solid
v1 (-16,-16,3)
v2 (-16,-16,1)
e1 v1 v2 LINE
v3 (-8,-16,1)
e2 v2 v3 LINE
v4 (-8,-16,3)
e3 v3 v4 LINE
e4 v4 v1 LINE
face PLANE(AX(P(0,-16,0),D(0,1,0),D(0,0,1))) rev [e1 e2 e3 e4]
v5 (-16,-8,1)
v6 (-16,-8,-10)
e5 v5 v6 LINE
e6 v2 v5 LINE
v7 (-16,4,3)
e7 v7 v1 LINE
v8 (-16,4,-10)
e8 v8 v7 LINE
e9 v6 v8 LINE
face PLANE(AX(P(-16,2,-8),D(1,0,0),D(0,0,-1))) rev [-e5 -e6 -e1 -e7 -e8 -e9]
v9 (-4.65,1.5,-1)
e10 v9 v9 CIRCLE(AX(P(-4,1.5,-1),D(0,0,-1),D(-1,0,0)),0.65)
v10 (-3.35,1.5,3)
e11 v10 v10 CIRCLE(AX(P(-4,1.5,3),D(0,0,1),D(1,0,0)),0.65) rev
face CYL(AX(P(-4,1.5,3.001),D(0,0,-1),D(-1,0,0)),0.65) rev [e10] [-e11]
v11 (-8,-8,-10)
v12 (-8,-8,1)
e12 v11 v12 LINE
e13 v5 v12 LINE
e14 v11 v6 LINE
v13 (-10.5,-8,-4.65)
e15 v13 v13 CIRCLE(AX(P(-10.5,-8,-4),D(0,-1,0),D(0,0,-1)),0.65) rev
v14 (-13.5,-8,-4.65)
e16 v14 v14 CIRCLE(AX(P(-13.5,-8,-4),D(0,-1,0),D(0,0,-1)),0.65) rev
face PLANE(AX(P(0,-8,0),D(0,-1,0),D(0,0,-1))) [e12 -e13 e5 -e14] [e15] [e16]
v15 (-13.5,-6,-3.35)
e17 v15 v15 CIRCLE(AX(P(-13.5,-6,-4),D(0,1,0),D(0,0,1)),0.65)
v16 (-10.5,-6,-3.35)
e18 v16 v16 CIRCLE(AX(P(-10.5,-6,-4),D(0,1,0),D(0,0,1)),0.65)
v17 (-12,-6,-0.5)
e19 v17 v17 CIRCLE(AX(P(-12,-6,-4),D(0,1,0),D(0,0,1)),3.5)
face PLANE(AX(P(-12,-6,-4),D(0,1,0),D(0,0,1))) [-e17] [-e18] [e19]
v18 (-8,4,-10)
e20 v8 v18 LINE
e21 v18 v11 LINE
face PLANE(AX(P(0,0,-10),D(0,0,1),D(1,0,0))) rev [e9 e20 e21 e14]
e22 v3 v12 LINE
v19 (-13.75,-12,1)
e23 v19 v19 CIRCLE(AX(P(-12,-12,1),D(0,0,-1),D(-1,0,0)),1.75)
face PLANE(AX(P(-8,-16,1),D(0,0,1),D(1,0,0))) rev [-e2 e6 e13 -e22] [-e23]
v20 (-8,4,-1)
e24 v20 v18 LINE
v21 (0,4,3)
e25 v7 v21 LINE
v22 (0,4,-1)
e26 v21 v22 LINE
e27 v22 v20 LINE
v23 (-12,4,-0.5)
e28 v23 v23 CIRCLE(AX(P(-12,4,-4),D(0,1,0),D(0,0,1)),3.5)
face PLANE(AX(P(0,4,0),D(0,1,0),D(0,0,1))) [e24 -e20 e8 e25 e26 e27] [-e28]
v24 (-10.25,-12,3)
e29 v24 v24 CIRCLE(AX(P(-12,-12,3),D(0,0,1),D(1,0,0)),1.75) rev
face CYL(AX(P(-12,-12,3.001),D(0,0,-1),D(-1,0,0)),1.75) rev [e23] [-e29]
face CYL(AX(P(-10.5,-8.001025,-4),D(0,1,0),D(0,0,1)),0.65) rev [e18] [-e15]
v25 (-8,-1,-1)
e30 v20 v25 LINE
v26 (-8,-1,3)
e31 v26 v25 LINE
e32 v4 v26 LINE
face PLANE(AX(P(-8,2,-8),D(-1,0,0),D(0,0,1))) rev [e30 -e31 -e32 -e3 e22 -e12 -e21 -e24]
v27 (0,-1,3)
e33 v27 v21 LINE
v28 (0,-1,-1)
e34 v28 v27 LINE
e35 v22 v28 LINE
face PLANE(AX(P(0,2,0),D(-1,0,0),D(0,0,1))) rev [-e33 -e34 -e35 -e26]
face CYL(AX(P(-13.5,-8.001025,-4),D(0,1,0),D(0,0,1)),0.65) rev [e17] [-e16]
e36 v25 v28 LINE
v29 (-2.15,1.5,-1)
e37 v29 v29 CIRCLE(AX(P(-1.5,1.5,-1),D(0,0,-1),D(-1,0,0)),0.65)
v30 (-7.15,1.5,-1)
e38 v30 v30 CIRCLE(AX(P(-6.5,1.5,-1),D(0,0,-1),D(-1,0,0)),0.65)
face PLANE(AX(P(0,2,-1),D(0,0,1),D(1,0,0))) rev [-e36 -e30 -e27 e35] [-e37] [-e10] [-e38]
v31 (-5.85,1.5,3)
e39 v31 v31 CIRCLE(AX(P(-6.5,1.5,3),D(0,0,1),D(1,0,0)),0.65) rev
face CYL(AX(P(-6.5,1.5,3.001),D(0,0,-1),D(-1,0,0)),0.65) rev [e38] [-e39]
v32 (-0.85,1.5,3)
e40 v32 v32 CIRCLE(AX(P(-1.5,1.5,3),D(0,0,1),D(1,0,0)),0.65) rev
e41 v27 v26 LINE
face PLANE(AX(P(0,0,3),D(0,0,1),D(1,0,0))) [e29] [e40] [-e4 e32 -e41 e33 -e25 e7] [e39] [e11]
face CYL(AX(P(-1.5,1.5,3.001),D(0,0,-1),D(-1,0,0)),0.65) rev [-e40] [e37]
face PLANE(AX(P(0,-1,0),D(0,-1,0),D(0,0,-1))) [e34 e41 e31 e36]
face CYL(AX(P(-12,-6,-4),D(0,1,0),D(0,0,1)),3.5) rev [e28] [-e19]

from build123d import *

# Parameters (mm, degrees)
BOSS_EXTRUDE1_DEPTH  = 2
SKETCH2_W            = 8
SKETCH2_H            = 8
BOSS_EXTRUDE2_DEPTH  = 2
SKETCH3_W            = 8
SKETCH3_H            = 8
BOSS_EXTRUDE3_DEPTH  = 8
SKETCH4_R            = 3.5
CUT_EXTRUDE1_DEPTH   = 10
CUT_EXTRUDE2_REACH   = 4
SKETCH5_R            = 0.65
CUT_EXTRUDE3_REACH   = 3
SKETCH6_R            = 0.65
SKETCH10_R           = 0.65
BOSS_EXTRUDE6_DEPTH  = 3
SKETCH11_W           = 8
SKETCH11_H           = 2
BOSS_EXTRUDE7_DEPTH  = 8
SKETCH12_R           = 1
CUT_EXTRUDE5_DEPTH   = 8
SKETCH13_W           = 8
SKETCH13_H           = 12
BOSS_EXTRUDE8_DEPTH  = 2
SKETCH14_W           = 8
SKETCH14_H           = 4
BOSS_EXTRUDE9_DEPTH  = 1
BOSS_EXTRUDE10_DEPTH = 2
SKETCH18_R           = 0.65
BOSS_EXTRUDE11_DEPTH = 4
CUT_EXTRUDE6_REACH   = 6
SKETCH19_R           = 0.65
CUT_EXTRUDE7_REACH   = 4
SKETCH20_R           = 1.75


with BuildPart() as part:
    # Sketch1 → Boss-Extrude1 (new body)
    with BuildSketch(Plane(origin=(0, 0, 0), x_dir=(1, 0, 0), z_dir=(0, 1, 0))):
        Polygon((-16, 0), (0, 0), (0, 1), (-8, 1), (-8, 8), (-16, 8), align=None)
    extrude(amount=BOSS_EXTRUDE1_DEPTH)

    # Sketch2 → Boss-Extrude2 (add)
    with BuildSketch(Plane(origin=(0, 2, 0), x_dir=(1, 0, 0), z_dir=(0, 1, 0))):
        with Locations((-12, 4)):
            Rectangle(SKETCH2_W, SKETCH2_H)
    extrude(amount=BOSS_EXTRUDE2_DEPTH)

    # Sketch3 → Boss-Extrude3 (add)
    with BuildSketch(Plane.XZ):
        with Locations((-12, -4)):
            Rectangle(SKETCH3_W, SKETCH3_H)
    extrude(amount=BOSS_EXTRUDE3_DEPTH)

    # Sketch4 → Cut-Extrude1 (cut)
    with BuildSketch(Plane(origin=(0, 4, 0), x_dir=(1, 0, 0), z_dir=(0, 1, 0))):
        with Locations((-12, 4)):
            Circle(SKETCH4_R)
    extrude(amount=-CUT_EXTRUDE1_DEPTH, mode=Mode.SUBTRACT)

    # Sketch5 → Cut-Extrude2 (cut, up to next)
    with BuildSketch(Plane(origin=(0, -6, 0), x_dir=(1, 0, 0), z_dir=(0, 1, 0)), mode=Mode.PRIVATE) as cut_extrude2_sk1:
        with Locations((-13.5, 4)):
            Circle(SKETCH5_R)
    cut_extrude2_tool1 = extrude(cut_extrude2_sk1.sketch, amount=-CUT_EXTRUDE2_REACH, mode=Mode.PRIVATE) & part.part
    add(cut_extrude2_tool1.solids().sort_by_distance((-13.5, -6, -4))[0], mode=Mode.SUBTRACT)
    # Sketch5 → Cut-Extrude2 (cut, up to next)
    with BuildSketch(Plane(origin=(0, -6, 0), x_dir=(1, 0, 0), z_dir=(0, 1, 0)), mode=Mode.PRIVATE) as cut_extrude2_sk2:
        with Locations((-10.5, 4)):
            Circle(SKETCH5_R)
    cut_extrude2_tool2 = extrude(cut_extrude2_sk2.sketch, amount=-CUT_EXTRUDE2_REACH, mode=Mode.PRIVATE) & part.part
    add(cut_extrude2_tool2.solids().sort_by_distance((-10.5, -6, -4))[0], mode=Mode.SUBTRACT)

    # Sketch6 → Cut-Extrude3 (cut, up to next)
    with BuildSketch(Plane(origin=(0, 0, -1), x_dir=(-1, 0, 0), z_dir=(0, 0, -1)), mode=Mode.PRIVATE) as cut_extrude3_sk1:
        with Locations((6.5, 1)):
            Circle(SKETCH6_R)
    cut_extrude3_tool1 = extrude(cut_extrude3_sk1.sketch, amount=-CUT_EXTRUDE3_REACH, mode=Mode.PRIVATE) & part.part
    add(cut_extrude3_tool1.solids().sort_by_distance((-6.5, 1, -1))[0], mode=Mode.SUBTRACT)
    # Sketch6 → Cut-Extrude3 (cut, up to next)
    with BuildSketch(Plane(origin=(0, 0, -1), x_dir=(-1, 0, 0), z_dir=(0, 0, -1)), mode=Mode.PRIVATE) as cut_extrude3_sk2:
        with Locations((4, 1)):
            Circle(SKETCH6_R)
    cut_extrude3_tool2 = extrude(cut_extrude3_sk2.sketch, amount=-CUT_EXTRUDE3_REACH, mode=Mode.PRIVATE) & part.part
    add(cut_extrude3_tool2.solids().sort_by_distance((-4, 1, -1))[0], mode=Mode.SUBTRACT)
    # Sketch6 → Cut-Extrude3 (cut, up to next)
    with BuildSketch(Plane(origin=(0, 0, -1), x_dir=(-1, 0, 0), z_dir=(0, 0, -1)), mode=Mode.PRIVATE) as cut_extrude3_sk3:
        with Locations((1.5, 1)):
            Circle(SKETCH6_R)
    cut_extrude3_tool3 = extrude(cut_extrude3_sk3.sketch, amount=-CUT_EXTRUDE3_REACH, mode=Mode.PRIVATE) & part.part
    add(cut_extrude3_tool3.solids().sort_by_distance((-1.5, 1, -1))[0], mode=Mode.SUBTRACT)

    # Sketch10 → Boss-Extrude6 (add)
    with BuildSketch(Plane.XY):
        Polygon((-8, 2), (-16, 2), (-16, -8), (-8, -8), (-8, 0), (0, 0), (0, 2), align=None)
        with Locations((-1.5, 1)):
            Circle(SKETCH10_R, mode=Mode.SUBTRACT)
        with Locations((-4, 1)):
            Circle(SKETCH10_R, mode=Mode.SUBTRACT)
        with Locations((-6.5, 1)):
            Circle(SKETCH10_R, mode=Mode.SUBTRACT)
    extrude(amount=BOSS_EXTRUDE6_DEPTH)

    # Sketch11 → Boss-Extrude7 (add)
    with BuildSketch(Plane.XZ.offset(8)):
        with Locations((-12, 2)):
            Rectangle(SKETCH11_W, SKETCH11_H)
    extrude(amount=BOSS_EXTRUDE7_DEPTH)

    # Sketch12 → Cut-Extrude5 (cut)
    with BuildSketch(Plane(origin=(0, 0, 1), x_dir=(-1, 0, 0), z_dir=(0, 0, -1))):
        with Locations((12, -12)):
            Circle(SKETCH12_R)
    extrude(amount=-CUT_EXTRUDE5_DEPTH, mode=Mode.SUBTRACT)

    # Sketch13 → Boss-Extrude8 (add)
    with BuildSketch(Plane(origin=(0, 0, -8), x_dir=(-1, 0, 0), z_dir=(0, 0, -1))):
        with Locations((12, -2)):
            Rectangle(SKETCH13_W, SKETCH13_H)
    extrude(amount=BOSS_EXTRUDE8_DEPTH)

    # Sketch14 → Boss-Extrude9 (add)
    with BuildSketch(Plane.XZ):
        with Locations((-4, 1)):
            Rectangle(SKETCH14_W, SKETCH14_H)
    extrude(amount=BOSS_EXTRUDE9_DEPTH)

    # Sketch15 → Boss-Extrude10 (add)
    with BuildSketch(Plane(origin=(0, 2, 0), x_dir=(1, 0, 0), z_dir=(0, 1, 0))):
        Polygon((-8, 0), (-8, 1), (0, 1), (0, -3), (-16, -3), (-16, 0), align=None)
    extrude(amount=BOSS_EXTRUDE10_DEPTH)

    # Sketch18 → Boss-Extrude11 (add)
    with BuildSketch(Plane(origin=(0, 0, -1), x_dir=(-1, 0, 0), z_dir=(0, 0, -1))):
        with Locations((1.5, 1)):
            Circle(SKETCH18_R)
        with Locations((4, 1)):
            Circle(SKETCH18_R)
        with Locations((6.5, 1)):
            Circle(SKETCH18_R)
    extrude(amount=-BOSS_EXTRUDE11_DEPTH)

    # Sketch19 → Cut-Extrude6 (cut, up to next)
    with BuildSketch(Plane(origin=(0, 0, -1), x_dir=(-1, 0, 0), z_dir=(0, 0, -1)), mode=Mode.PRIVATE) as cut_extrude6_sk1:
        with Locations((1.5, 1.5)):
            Circle(SKETCH19_R)
    cut_extrude6_tool1 = extrude(cut_extrude6_sk1.sketch, amount=-CUT_EXTRUDE6_REACH, mode=Mode.PRIVATE) & part.part
    add(cut_extrude6_tool1.solids().sort_by_distance((-1.5, 1.5, -1))[0], mode=Mode.SUBTRACT)
    # Sketch19 → Cut-Extrude6 (cut, up to next)
    with BuildSketch(Plane(origin=(0, 0, -1), x_dir=(-1, 0, 0), z_dir=(0, 0, -1)), mode=Mode.PRIVATE) as cut_extrude6_sk2:
        with Locations((4, 1.5)):
            Circle(SKETCH19_R)
    cut_extrude6_tool2 = extrude(cut_extrude6_sk2.sketch, amount=-CUT_EXTRUDE6_REACH, mode=Mode.PRIVATE) & part.part
    add(cut_extrude6_tool2.solids().sort_by_distance((-4, 1.5, -1))[0], mode=Mode.SUBTRACT)
    # Sketch19 → Cut-Extrude6 (cut, up to next)
    with BuildSketch(Plane(origin=(0, 0, -1), x_dir=(-1, 0, 0), z_dir=(0, 0, -1)), mode=Mode.PRIVATE) as cut_extrude6_sk3:
        with Locations((6.5, 1.5)):
            Circle(SKETCH19_R)
    cut_extrude6_tool3 = extrude(cut_extrude6_sk3.sketch, amount=-CUT_EXTRUDE6_REACH, mode=Mode.PRIVATE) & part.part
    add(cut_extrude6_tool3.solids().sort_by_distance((-6.5, 1.5, -1))[0], mode=Mode.SUBTRACT)

    # Sketch20 → Cut-Extrude7 (cut, up to next)
    with BuildSketch(Plane(origin=(0, 0, 1), x_dir=(-1, 0, 0), z_dir=(0, 0, -1)), mode=Mode.PRIVATE) as cut_extrude7_sk1:
        with Locations((12, -12)):
            Circle(SKETCH20_R)
    cut_extrude7_tool1 = extrude(cut_extrude7_sk1.sketch, amount=-CUT_EXTRUDE7_REACH, mode=Mode.PRIVATE) & part.part
    add(cut_extrude7_tool1.solids().sort_by_distance((-12, -12, 1))[0], mode=Mode.SUBTRACT)


solid = part.part
